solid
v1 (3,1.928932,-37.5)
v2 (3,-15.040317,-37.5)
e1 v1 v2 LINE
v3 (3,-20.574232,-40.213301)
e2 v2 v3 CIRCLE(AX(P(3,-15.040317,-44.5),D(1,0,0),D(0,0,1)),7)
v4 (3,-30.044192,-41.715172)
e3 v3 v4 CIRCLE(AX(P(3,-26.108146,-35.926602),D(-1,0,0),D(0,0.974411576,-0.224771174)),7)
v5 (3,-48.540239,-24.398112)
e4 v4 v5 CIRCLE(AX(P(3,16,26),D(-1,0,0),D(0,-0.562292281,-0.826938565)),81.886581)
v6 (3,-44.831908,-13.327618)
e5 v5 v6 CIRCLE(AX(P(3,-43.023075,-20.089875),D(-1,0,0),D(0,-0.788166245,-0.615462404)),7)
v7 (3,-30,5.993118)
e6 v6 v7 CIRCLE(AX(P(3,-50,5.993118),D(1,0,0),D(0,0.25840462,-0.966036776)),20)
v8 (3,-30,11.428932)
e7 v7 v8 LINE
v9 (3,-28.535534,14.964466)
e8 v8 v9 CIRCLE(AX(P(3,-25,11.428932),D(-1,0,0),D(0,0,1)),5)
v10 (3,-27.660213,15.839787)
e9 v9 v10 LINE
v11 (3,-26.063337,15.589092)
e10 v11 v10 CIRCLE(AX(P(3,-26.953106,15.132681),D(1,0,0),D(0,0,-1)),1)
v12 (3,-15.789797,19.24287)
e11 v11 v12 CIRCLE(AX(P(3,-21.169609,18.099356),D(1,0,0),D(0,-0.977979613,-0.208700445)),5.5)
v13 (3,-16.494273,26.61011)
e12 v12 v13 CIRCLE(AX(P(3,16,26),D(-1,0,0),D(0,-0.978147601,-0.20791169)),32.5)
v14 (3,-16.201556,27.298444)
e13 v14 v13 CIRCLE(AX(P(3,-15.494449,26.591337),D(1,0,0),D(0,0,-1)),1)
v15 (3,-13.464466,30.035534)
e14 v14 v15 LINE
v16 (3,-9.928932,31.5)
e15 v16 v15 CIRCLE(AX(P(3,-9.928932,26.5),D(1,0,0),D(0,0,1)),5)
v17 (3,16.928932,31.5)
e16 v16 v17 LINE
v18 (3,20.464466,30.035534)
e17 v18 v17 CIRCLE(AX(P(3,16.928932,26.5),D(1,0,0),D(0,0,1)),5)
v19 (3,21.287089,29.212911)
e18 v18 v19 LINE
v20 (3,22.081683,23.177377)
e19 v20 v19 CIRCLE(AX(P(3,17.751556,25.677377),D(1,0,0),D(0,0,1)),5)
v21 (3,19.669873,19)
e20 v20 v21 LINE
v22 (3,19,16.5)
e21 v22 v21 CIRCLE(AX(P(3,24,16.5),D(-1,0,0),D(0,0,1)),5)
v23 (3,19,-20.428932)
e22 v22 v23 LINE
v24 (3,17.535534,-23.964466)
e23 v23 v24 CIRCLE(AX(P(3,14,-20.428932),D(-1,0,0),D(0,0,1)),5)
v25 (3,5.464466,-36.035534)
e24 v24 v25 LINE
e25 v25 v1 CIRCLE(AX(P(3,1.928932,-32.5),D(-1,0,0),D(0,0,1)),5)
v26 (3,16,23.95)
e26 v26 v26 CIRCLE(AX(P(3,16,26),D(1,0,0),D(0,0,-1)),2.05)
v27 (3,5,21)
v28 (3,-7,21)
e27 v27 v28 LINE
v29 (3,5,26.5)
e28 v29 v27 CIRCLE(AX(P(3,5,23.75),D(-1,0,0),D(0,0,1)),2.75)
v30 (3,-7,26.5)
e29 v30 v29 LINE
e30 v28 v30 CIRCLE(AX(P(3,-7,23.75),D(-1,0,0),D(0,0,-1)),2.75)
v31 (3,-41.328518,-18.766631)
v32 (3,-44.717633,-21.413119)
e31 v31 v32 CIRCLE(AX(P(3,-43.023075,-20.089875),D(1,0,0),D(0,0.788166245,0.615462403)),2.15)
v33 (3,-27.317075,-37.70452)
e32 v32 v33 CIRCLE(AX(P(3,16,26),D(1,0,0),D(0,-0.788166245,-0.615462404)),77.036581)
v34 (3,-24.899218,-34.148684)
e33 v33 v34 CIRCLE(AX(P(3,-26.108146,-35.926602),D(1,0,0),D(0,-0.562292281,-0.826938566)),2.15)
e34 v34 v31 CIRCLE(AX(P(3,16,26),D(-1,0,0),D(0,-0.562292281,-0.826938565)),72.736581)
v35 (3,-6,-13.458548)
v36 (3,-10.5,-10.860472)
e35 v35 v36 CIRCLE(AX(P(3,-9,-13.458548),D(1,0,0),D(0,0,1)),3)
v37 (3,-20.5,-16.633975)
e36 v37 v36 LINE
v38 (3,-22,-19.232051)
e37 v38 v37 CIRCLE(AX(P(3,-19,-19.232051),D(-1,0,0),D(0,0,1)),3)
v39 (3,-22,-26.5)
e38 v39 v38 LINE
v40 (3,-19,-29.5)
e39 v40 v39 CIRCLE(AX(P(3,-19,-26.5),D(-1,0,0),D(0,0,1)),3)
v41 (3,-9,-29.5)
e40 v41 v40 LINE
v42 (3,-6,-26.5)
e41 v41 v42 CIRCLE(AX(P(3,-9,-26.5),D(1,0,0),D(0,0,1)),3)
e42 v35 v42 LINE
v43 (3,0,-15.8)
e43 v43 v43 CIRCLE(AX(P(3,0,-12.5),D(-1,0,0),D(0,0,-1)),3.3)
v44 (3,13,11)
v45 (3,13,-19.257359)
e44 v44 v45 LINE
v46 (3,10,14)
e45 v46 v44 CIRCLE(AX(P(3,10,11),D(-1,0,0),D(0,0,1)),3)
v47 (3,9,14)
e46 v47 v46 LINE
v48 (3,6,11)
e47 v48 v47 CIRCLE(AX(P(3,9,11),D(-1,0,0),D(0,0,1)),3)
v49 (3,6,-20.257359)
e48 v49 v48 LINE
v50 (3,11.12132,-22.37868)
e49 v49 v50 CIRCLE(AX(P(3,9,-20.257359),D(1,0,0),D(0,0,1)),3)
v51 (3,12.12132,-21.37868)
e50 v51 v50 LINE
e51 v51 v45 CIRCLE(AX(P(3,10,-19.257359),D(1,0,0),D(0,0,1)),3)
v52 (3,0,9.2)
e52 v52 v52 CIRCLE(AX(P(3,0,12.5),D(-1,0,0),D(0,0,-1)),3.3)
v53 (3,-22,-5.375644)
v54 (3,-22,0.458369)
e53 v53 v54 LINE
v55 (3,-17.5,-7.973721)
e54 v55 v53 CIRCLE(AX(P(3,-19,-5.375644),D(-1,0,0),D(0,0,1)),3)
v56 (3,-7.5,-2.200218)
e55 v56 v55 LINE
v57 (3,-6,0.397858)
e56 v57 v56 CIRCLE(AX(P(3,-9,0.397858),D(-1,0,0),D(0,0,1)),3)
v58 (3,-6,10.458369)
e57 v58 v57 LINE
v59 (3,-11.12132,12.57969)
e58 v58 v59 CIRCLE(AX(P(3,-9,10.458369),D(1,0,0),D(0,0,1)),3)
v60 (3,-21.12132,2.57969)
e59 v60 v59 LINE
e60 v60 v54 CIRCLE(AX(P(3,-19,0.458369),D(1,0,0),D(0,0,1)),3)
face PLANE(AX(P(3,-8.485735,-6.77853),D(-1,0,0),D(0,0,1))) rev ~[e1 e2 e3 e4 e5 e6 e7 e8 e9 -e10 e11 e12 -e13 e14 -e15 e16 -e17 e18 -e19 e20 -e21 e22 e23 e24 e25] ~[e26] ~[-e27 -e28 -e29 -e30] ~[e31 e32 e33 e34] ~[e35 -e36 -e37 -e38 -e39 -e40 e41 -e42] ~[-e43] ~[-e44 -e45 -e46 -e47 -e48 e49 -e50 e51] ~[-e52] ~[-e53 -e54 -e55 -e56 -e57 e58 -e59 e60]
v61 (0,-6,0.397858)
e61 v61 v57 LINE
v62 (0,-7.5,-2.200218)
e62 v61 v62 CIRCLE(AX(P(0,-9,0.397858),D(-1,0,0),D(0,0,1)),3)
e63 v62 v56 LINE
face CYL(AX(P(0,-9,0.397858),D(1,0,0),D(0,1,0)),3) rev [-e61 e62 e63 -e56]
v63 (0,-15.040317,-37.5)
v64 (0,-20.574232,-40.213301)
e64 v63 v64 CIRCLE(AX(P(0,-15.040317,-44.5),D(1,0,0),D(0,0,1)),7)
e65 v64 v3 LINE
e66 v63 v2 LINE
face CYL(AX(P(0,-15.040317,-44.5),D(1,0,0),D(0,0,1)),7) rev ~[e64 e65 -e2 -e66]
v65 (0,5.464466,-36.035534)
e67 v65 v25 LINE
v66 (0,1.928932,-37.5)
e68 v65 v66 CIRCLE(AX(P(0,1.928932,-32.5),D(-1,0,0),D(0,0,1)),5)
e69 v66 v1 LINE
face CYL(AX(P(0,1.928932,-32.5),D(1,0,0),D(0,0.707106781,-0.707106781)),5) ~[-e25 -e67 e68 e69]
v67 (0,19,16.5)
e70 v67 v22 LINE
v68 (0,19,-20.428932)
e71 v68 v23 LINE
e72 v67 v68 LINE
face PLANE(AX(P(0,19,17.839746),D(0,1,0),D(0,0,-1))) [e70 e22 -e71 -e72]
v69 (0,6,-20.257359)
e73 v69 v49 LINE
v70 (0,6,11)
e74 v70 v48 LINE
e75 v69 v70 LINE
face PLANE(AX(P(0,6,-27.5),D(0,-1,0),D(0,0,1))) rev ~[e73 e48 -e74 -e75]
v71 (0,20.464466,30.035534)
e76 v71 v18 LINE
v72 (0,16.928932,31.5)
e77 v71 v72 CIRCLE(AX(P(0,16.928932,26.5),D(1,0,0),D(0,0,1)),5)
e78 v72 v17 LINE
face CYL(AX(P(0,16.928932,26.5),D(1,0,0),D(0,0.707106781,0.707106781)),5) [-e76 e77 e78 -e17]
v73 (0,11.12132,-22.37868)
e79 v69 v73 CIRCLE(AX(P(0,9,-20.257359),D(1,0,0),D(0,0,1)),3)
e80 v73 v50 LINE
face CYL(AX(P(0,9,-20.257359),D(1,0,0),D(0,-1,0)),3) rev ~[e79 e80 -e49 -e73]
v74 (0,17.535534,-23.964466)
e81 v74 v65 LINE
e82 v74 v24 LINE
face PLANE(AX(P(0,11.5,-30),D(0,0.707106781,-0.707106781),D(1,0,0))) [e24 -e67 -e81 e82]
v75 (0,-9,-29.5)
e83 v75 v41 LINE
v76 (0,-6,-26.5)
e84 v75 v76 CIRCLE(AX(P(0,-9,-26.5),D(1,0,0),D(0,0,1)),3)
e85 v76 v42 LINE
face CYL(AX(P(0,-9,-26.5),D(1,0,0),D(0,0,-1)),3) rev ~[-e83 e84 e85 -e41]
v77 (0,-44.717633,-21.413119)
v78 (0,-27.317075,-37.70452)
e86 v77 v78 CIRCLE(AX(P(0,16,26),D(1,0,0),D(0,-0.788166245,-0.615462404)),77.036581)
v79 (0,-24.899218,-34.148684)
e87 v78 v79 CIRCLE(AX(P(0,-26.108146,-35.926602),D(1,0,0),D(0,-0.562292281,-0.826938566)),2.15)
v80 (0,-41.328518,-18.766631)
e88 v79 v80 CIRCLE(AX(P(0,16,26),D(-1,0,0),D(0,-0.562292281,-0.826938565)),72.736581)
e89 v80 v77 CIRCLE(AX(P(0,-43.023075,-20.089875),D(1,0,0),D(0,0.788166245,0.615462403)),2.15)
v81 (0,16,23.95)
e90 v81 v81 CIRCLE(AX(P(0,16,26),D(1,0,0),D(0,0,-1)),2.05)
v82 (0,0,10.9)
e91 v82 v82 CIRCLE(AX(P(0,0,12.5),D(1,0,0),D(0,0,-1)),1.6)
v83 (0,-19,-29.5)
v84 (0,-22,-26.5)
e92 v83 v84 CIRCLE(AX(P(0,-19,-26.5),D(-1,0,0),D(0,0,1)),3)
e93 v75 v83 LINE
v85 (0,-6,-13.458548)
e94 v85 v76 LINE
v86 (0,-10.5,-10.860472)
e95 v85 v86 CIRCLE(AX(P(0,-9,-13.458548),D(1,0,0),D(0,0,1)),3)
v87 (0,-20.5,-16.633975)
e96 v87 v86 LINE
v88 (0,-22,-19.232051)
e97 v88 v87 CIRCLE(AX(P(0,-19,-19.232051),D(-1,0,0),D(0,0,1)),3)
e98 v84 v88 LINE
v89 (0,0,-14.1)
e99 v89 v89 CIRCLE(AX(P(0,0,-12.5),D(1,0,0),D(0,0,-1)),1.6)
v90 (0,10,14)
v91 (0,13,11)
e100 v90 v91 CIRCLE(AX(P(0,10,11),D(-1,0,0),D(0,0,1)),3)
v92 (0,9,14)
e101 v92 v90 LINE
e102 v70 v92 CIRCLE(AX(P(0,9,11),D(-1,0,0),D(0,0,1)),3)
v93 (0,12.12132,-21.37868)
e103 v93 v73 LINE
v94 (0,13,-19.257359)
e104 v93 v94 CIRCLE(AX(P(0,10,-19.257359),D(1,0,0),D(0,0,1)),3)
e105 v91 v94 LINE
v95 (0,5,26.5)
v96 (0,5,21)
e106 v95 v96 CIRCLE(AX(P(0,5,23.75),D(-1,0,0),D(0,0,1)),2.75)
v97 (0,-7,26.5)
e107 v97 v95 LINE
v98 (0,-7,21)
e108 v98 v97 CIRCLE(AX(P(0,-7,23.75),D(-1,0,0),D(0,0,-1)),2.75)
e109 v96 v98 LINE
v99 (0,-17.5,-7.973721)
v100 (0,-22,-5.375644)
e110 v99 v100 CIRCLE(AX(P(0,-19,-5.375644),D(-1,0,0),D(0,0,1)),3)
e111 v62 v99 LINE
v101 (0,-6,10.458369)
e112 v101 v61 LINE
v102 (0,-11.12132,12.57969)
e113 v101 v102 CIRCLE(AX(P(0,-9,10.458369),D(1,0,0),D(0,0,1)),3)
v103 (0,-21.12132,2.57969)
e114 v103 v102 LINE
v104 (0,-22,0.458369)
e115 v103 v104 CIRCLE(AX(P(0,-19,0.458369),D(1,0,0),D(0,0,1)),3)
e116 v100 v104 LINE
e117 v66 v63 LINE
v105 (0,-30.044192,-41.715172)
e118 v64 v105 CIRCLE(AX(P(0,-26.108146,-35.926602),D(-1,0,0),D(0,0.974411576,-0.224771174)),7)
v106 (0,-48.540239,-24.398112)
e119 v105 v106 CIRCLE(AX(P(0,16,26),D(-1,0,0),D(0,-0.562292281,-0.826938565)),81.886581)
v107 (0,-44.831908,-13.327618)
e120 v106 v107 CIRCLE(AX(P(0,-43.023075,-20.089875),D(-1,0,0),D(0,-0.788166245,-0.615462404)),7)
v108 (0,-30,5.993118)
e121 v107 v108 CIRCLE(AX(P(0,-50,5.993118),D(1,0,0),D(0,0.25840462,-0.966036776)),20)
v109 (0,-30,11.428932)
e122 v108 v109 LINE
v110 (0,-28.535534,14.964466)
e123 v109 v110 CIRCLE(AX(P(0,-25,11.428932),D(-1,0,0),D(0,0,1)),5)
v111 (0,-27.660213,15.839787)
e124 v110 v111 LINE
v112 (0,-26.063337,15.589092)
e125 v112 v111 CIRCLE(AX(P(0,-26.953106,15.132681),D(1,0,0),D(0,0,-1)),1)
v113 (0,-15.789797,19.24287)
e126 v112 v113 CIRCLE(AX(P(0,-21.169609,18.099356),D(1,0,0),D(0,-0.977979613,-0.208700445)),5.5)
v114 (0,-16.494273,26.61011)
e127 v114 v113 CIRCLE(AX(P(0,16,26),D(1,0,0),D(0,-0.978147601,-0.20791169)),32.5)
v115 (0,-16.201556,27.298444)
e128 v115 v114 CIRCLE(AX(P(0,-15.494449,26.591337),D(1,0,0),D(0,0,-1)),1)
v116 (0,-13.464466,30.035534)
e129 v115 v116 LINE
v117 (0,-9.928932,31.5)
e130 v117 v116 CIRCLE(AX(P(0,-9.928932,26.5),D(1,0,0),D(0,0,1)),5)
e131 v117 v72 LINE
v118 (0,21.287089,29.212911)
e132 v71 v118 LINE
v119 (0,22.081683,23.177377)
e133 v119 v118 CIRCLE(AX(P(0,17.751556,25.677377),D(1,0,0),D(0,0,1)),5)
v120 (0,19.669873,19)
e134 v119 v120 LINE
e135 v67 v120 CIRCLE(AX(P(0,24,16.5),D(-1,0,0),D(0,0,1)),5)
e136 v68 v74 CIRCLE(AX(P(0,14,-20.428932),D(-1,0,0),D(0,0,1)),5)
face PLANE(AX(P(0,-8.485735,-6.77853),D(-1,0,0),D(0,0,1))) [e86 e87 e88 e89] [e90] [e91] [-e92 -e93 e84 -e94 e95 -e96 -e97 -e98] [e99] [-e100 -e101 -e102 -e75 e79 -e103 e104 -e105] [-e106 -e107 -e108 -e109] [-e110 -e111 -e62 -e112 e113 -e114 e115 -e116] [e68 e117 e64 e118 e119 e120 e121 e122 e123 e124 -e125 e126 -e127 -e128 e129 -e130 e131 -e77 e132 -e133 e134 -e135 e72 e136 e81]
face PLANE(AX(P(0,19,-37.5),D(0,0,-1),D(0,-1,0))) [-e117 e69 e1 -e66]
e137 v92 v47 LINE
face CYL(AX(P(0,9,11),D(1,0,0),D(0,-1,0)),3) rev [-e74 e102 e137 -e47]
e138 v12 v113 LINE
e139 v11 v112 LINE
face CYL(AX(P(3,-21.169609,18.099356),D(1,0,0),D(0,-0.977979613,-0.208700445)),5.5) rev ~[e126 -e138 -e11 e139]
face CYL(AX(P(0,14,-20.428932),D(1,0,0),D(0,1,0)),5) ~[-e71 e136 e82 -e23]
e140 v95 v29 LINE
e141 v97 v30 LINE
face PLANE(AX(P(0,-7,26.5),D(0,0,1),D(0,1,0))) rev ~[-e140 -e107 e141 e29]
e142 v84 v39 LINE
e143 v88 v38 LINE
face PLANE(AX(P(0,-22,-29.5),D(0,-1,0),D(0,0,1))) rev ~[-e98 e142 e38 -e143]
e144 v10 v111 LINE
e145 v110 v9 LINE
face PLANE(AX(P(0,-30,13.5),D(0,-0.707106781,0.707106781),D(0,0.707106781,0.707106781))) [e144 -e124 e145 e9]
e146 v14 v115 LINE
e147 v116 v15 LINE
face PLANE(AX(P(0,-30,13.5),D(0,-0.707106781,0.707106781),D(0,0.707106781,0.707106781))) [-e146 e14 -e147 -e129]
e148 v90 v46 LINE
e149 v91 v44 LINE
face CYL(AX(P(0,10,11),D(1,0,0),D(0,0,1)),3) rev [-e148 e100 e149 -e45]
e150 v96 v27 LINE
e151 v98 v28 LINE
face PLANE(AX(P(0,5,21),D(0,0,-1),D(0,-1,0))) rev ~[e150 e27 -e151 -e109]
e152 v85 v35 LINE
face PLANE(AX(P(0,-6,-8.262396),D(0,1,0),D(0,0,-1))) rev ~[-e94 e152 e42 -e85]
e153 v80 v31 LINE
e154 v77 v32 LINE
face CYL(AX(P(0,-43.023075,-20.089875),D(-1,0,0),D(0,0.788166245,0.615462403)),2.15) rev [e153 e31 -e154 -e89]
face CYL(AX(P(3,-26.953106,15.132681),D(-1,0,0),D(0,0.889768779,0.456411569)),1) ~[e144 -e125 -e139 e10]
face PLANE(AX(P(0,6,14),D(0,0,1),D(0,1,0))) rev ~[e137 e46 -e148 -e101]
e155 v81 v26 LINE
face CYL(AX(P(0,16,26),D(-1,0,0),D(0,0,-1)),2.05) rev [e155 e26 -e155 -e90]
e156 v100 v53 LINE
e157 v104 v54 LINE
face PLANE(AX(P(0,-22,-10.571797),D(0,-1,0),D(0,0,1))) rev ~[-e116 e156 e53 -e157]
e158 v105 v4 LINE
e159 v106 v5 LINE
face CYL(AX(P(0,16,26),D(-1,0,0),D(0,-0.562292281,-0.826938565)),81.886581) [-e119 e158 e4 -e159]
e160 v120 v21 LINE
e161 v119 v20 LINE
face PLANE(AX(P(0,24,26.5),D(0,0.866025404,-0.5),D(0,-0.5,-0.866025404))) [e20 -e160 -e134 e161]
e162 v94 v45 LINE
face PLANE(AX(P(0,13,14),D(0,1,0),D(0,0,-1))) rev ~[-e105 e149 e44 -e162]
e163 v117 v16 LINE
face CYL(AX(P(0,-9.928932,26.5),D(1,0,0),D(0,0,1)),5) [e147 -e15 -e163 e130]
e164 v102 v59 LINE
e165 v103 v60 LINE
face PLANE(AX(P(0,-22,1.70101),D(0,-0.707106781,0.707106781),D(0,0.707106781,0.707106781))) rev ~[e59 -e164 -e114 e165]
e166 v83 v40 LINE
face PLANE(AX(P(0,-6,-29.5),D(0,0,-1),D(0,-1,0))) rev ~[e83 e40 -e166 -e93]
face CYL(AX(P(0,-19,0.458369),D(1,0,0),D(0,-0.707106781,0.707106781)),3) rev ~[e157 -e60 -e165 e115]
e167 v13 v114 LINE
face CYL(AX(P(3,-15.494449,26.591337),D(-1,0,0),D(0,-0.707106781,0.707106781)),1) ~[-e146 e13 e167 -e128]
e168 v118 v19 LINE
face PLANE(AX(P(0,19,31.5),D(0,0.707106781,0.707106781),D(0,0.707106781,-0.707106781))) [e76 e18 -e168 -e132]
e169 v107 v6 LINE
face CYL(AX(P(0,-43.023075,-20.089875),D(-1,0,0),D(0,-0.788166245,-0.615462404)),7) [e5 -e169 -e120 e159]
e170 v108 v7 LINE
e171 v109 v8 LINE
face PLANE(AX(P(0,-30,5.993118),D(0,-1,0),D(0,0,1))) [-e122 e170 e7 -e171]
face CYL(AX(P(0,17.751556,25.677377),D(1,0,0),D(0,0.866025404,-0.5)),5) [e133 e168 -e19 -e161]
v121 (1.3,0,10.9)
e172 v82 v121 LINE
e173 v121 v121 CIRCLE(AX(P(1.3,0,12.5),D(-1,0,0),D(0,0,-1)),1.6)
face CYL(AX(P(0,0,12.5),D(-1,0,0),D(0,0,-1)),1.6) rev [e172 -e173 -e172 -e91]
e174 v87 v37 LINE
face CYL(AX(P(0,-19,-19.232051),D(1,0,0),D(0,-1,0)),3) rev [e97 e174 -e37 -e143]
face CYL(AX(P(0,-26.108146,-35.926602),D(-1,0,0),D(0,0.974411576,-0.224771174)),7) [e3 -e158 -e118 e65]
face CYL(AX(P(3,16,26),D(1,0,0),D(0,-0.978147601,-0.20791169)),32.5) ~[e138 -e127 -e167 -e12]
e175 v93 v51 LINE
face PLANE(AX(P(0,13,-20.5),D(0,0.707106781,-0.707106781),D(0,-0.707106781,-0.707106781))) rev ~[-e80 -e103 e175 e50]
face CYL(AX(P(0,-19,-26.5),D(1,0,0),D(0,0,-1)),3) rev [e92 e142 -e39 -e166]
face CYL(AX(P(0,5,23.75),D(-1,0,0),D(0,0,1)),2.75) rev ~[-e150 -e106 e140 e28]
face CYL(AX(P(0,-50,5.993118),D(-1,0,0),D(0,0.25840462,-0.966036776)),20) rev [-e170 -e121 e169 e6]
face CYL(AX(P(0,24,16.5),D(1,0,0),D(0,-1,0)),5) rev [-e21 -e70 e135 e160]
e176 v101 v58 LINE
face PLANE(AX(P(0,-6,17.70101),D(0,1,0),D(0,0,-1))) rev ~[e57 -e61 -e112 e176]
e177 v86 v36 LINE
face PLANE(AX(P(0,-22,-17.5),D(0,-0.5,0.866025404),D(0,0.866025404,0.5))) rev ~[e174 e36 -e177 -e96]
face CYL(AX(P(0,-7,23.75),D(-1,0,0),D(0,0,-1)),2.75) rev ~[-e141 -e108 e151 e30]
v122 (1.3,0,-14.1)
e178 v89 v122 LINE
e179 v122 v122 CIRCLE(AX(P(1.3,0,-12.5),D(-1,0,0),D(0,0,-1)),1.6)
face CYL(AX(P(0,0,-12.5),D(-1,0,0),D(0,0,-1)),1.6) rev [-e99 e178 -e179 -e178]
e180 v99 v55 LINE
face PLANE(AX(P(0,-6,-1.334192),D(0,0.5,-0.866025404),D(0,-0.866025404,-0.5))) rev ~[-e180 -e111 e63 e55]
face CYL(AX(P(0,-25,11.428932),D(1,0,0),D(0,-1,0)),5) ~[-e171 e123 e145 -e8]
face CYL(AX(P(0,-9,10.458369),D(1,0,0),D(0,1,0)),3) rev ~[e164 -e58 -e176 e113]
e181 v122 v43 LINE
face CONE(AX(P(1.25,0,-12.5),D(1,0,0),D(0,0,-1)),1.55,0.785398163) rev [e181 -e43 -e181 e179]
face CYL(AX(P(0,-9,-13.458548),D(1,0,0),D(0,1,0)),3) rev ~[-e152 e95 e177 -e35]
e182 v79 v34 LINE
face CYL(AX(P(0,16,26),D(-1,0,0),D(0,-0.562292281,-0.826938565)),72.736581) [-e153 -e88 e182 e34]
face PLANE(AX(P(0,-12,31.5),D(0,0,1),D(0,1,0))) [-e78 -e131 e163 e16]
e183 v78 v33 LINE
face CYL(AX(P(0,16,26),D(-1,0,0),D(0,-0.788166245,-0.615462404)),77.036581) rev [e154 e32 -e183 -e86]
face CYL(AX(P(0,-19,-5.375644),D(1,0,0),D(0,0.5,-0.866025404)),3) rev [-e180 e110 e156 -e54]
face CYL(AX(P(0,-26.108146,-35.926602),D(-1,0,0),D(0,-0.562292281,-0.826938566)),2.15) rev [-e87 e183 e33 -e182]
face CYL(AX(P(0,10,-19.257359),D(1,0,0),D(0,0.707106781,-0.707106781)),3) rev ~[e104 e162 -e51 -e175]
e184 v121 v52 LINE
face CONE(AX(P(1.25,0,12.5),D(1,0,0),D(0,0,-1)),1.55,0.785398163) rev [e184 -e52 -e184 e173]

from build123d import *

# Parameters (mm, degrees)
SKETCH_1_R               = 1.6
SKETCH_1_R_2             = 2.05
EXTRUDE_1_DEPTH          = 3
HOLE_WIZARD_2_AT_2_COUNT = 2
HOLE_WIZARD_2_AT_2_PITCH = 25
FILLET_1_R               = 7
CUT_EXTRUDE_1_DEPTH      = 10
FILLET_2_R               = 1
CHAMFER_1_SIZE           = 15
FILLET_3_R               = 5
FILLET_4_R               = 3


with BuildPart() as part:
    # 草图1 → 凸台-拉伸1 (new body)
    with BuildSketch(Plane(origin=(0, 0, 0), x_dir=(0, 0, -1), z_dir=(1, 0, 0))):
        with BuildLine():
            Line((-17.839745962, 19), (37.5, 19))
            Line((37.5, 19), (37.5, -19.287265359))
            ThreePointArc((37.5, -19.287265359), (42.444079317, -23.554230469), (41.715171734, -30.044192356))
            ThreePointArc((41.715171734, -30.044192356), (33.776357191, -39.966054476), (24.398111919, -48.540238981))
            ThreePointArc((24.398111919, -48.540238981), (17.866480238, -49.660583483), (13.327617661, -44.831907605))
            ThreePointArc((13.327617661, -44.831907605), (6.185514087, -34.135545268), (-5.993117858, -30))
            Line((-5.993117858, -30), (-13.5, -30))
            Line((-13.5, -30), (-31.5, -12))
            Line((-31.5, -12), (-31.5, 19))
            Line((-31.5, 19), (-26.5, 24))
            Line((-26.5, 24), (-17.839745962, 19))
        make_face()
        with Locations((-12.5, 0)):
            Circle(SKETCH_1_R, mode=Mode.SUBTRACT)
        with Locations((12.5, 0)):
            Circle(SKETCH_1_R, mode=Mode.SUBTRACT)
        with Locations((-26, 16)):
            Circle(SKETCH_1_R_2, mode=Mode.SUBTRACT)
        Polygon((-17.701010127, -6), (1.334192463, -6), (10.57179677, -22), (-1.701010127, -22), align=None, mode=Mode.SUBTRACT)
        Polygon((29.5, -6), (29.5, -22), (17.5, -22), (8.262395693, -6), align=None, mode=Mode.SUBTRACT)
        Polygon((27.5, 6), (-14, 6), (-14, 13), (20.5, 13), align=None, mode=Mode.SUBTRACT)
        with BuildLine():
            Line((-21, 5), (-21, -7))
            ThreePointArc((-21, -7), (-23.75, -9.75), (-26.5, -7))
            Line((-26.5, -7), (-26.5, 5))
            ThreePointArc((-26.5, 5), (-23.75, 7.75), (-21, 5))
        make_face(mode=Mode.SUBTRACT)
        with BuildLine():
            ThreePointArc((18.766630925, -41.32851784), (18.395317666, -44.346319435), (21.413119261, -44.717632693))
            ThreePointArc((21.413119261, -44.717632693), (30.23590735, -36.651282249), (37.704519693, -27.317074793))
            ThreePointArc((37.704519693, -27.317074793), (37.135530181, -24.330228474), (34.148683862, -24.899217985))
            ThreePointArc((34.148683862, -24.899217985), (27.096951821, -33.712412026), (18.766630925, -41.32851784))
        make_face(mode=Mode.SUBTRACT)
    extrude(amount=EXTRUDE_1_DEPTH)

    # 草图3 → 打孔尺寸(%根据十字)槽沉头木螺钉的类型2 (revolve, cut)
    with BuildSketch(Plane(origin=(3, 0, -12.5), x_dir=(0, 0, -1), z_dir=(0, 1, 0))):
        Polygon((0, 0), (0, 3), (1.55, 3), (1.55, 1.75), (3.3, 0), align=None)
    hole_wizard_2 = revolve(axis=Axis((9.35, 0, -12.5), (-1, 0, 0)), mode=Mode.SUBTRACT)

    # 打孔尺寸(%根据十字)槽沉头木螺钉的类型2 at 2: 打孔尺寸(%根据十字)槽沉头木螺钉的类型2 ×2
    with Locations(*[(0, 0, i * HOLE_WIZARD_2_AT_2_PITCH) for i in range(1, HOLE_WIZARD_2_AT_2_COUNT)]):
        add(hole_wizard_2, mode=Mode.SUBTRACT)

    # 圆角1
    fillet_1_edges = [part.edges().sort_by_distance(p)[0] for p in [
        (1.5, -19.287265359, -37.5),
    ]]
    fillet(fillet_1_edges, radius=FILLET_1_R)

    # 草图5 → 切除-拉伸1 (cut)
    with BuildSketch(Plane(origin=(3, 0, 0), x_dir=(0, 0, -1), z_dir=(1, 0, 0))):
        with BuildLine():
            Line((-27.015881022, -16.484118978), (-16.951503299, -26.548496701))
            ThreePointArc((-16.951503299, -26.548496701), (-12.720005473, -20.02392536), (-19.242870048, -15.789797024))
            ThreePointArc((-19.242870048, -15.789797024), (-23.108459656, -16.37111358), (-27.015881022, -16.484118978))
        make_face()
    extrude(amount=-CUT_EXTRUDE_1_DEPTH, mode=Mode.SUBTRACT)

    # 圆角2
    fillet_2_edges = [part.edges().sort_by_distance(p)[0] for p in [
        (1.5, -26.548496701, 16.951503299),
        (1.5, -16.484118978, 27.015881022),
    ]]
    fillet(fillet_2_edges, radius=FILLET_2_R)

    # 倒角1
    chamfer_1_edges = [part.edges().sort_by_distance(p)[0] for p in [
        (1.5, 19, -37.5),
    ]]
    chamfer(chamfer_1_edges, length=CHAMFER_1_SIZE)

    # 圆角3
    fillet_3_edges = [part.edges().sort_by_distance(p)[0] for p in [
        (1.5, 19, -22.5),
        (1.5, 4, -37.5),
        (1.5, 24, 26.5),
        (1.5, 19, 17.839745962),
        (1.5, -30, 13.5),
        (1.5, -12, 31.5),
        (1.5, 19, 31.5),
    ]]
    fillet(fillet_3_edges, radius=FILLET_3_R)

    # 圆角4
    fillet_4_edges = [part.edges().sort_by_distance(p)[0] for p in [
        (1.5, -6, 17.701010127),
        (1.5, -22, 1.701010127),
        (1.5, -22, -10.57179677),
        (1.5, -6, -1.334192463),
        (1.5, -22, -17.5),
        (1.5, -22, -29.5),
        (1.5, -6, -29.5),
        (1.5, -6, -8.262395693),
        (1.5, 13, -20.5),
        (1.5, 13, 14),
        (1.5, 6, 14),
        (1.5, 6, -27.5),
    ]]
    fillet(fillet_4_edges, radius=FILLET_4_R)


solid = part.part
